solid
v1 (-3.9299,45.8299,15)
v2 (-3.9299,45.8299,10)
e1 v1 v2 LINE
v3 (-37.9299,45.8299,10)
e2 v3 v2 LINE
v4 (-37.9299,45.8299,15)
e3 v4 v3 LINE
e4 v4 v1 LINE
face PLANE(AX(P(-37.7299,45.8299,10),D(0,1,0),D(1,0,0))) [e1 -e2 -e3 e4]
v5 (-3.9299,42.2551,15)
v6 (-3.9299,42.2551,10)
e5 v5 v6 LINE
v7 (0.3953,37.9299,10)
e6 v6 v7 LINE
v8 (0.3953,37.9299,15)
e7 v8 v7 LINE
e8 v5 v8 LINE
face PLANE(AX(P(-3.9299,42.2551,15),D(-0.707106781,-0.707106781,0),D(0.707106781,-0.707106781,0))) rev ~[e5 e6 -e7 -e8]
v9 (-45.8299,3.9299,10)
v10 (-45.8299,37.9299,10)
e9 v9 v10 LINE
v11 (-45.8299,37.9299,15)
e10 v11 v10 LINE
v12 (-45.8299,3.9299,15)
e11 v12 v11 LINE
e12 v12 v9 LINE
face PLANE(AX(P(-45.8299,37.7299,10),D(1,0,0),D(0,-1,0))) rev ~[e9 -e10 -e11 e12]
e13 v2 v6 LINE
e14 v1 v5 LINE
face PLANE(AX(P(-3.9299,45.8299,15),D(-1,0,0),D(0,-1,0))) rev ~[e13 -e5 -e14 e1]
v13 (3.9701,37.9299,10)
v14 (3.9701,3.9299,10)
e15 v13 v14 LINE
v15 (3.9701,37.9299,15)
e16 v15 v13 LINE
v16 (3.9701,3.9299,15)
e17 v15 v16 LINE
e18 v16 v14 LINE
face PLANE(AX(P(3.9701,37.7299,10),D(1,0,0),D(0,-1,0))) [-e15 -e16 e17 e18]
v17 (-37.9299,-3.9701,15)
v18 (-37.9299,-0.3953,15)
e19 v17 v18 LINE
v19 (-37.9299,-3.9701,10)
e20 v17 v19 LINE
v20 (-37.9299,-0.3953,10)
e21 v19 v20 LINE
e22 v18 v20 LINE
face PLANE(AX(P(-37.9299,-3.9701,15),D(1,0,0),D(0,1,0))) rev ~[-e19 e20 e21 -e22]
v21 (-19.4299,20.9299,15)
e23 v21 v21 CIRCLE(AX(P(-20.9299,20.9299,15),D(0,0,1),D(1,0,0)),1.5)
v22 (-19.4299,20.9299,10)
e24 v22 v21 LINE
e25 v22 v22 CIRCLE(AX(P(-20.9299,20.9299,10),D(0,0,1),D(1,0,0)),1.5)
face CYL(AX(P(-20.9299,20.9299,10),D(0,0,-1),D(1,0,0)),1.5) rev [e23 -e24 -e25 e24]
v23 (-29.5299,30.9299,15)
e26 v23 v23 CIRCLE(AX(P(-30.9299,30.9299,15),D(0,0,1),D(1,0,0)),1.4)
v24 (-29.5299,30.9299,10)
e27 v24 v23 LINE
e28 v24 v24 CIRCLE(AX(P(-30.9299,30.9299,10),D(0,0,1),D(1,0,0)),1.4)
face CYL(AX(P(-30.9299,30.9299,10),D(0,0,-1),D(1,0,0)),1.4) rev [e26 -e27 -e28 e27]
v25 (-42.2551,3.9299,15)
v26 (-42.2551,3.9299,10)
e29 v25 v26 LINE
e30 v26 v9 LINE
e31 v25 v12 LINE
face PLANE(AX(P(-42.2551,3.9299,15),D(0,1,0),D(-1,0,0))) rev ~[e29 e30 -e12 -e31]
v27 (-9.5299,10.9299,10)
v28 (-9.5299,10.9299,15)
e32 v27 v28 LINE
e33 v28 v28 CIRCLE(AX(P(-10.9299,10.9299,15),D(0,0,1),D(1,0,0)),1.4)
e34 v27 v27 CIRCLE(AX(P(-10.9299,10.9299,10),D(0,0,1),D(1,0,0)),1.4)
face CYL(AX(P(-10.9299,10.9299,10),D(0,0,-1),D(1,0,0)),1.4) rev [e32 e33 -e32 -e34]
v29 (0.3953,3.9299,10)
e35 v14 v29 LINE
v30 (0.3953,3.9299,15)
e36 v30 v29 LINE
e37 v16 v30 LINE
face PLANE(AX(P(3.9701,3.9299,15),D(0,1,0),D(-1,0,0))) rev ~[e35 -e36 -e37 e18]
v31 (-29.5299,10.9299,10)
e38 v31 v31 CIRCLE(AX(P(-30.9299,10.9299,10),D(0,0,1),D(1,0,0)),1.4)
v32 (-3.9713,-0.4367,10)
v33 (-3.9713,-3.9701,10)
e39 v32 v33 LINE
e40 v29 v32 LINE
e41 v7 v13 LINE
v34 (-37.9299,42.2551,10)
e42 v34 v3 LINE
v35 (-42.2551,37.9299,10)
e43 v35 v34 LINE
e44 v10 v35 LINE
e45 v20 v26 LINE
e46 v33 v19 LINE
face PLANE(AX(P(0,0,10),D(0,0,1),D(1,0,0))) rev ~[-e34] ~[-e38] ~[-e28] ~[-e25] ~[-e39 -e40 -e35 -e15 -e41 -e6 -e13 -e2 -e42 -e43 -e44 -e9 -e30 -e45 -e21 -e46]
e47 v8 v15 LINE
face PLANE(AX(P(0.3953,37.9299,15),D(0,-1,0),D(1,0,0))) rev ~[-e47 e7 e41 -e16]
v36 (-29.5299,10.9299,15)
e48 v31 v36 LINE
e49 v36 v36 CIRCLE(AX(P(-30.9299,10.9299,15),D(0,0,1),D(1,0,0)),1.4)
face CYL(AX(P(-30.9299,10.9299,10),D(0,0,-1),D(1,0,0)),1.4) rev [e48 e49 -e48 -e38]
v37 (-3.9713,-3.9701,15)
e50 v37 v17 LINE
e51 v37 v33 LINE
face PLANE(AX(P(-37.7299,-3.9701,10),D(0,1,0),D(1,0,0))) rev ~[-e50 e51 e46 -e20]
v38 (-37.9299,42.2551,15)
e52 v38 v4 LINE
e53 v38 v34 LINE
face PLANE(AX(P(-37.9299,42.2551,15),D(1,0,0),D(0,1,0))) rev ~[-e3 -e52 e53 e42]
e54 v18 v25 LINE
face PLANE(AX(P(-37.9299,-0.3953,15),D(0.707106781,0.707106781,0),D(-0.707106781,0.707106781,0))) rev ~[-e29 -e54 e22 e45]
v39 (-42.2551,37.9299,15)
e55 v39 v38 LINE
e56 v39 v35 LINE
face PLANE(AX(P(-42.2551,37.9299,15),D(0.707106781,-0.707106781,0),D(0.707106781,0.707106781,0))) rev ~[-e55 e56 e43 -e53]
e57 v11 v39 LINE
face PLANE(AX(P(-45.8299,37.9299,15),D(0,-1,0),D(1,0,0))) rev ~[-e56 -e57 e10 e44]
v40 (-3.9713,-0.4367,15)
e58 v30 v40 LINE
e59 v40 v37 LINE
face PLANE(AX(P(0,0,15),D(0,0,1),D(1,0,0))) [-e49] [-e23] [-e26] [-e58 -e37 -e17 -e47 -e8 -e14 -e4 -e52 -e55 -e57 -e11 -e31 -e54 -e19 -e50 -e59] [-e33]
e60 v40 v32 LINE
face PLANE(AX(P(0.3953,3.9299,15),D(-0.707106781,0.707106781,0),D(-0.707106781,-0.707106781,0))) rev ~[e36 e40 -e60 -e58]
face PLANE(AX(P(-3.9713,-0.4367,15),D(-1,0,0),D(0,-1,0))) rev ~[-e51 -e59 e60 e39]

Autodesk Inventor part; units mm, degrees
ref_plane "YZ Plane" through (0, 0, 0) normal (1, 0, 0) x (0, 1, 0)
ref_plane "XZ Plane" through (0, 0, 0) normal (0, 1, 0) x (-1, 0, 0)
ref_plane "Work Plane1" through (0, 0, 10) normal (0, 0, 1) x (1, 0, 0)
sketch "Sketch1" plane through (0, 0, 10) normal (0, 0, 1) x (1, 0, 0)
  line L0 (-4.0299, -0.3538) -> (-2.2322, 1.4439) construction
  arc A0 (-1.4439, 2.2322) -> (-2.2322, 1.4439) centre (-0.9299, 0.9299) ccw construction
  line L1 (-1.4439, 2.2322) -> (0.3538, 4.0299) construction
  line L2 (-37.8299, 42.8299) -> (-37.8299, 37.8299) construction
  line L3 (-37.8299, 37.8299) -> (-42.9208, 37.8299) construction
  line L4 (-37.8299, 42.2137) -> (-37.8299, 45.8299) construction
  line L5 (-37.8299, 45.8299) -> (-4.0299, 45.8299) construction
  line L6 (-4.0299, 45.8299) -> (-4.0299, 42.2137) construction
  line L7 (-4.0299, 4.0299) -> (0.3538, 4.0299) projected
  circle A1 centre (-20.9299, 20.9299) radius 17.5 projected
  line L8 (-20.9299, 58.9723) -> (17.1124, 20.9299) construction
  line L9 (17.1124, 20.9299) -> (-20.9299, -17.1124) construction
  line L10 (-20.9299, -17.1124) -> (-58.9723, 20.9299) construction
  line L11 (-58.9723, 20.9299) -> (-20.9299, 58.9723) construction
  line L12 (-20.9299, 58.9723) -> (-20.9299, -17.1124) construction
  line L13 (17.1124, 20.9299) -> (-58.9723, 20.9299) construction
  line L14 (-20.9299, 58.9723) -> (32.8701, 58.9723) construction
  line L15 (-43.4299, 43.4299) -> (1.5701, 43.4299) construction
  line L16 (1.5701, 43.4299) -> (1.5701, -1.5701) construction
  line L17 (1.5701, -1.5701) -> (-43.4299, -1.5701) construction
  line L18 (-43.4299, -1.5701) -> (-43.4299, 43.4299) construction
  line L19 (-43.4299, 43.4299) -> (1.5701, -1.5701) construction
  line L20 (1.5701, 43.4299) -> (-43.4299, -1.5701) construction
  line L21 (-43.4299, 5.3876) -> (-43.4299, 36.4723)
  line L22 (-43.4299, 36.4723) -> (-36.4723, 43.4299)
  line L23 (-36.4723, 43.4299) -> (-5.3876, 43.4299)
  line L24 (-5.3876, 43.4299) -> (1.5701, 36.4723)
  line L25 (1.5701, 36.4723) -> (1.5701, 5.3876)
  line L26 (1.5701, 5.3876) -> (-5.3876, -1.5701)
  line L27 (-5.3876, -1.5701) -> (-36.4723, -1.5701)
  line L28 (-36.4723, -1.5701) -> (-43.4299, 5.3876)
  line L29 (-4.0299, 42.2137) -> (-37.8299, 42.2137) projected
  line L30 (-4.0299, -0.3538) -> (-4.0299, 4.0299) projected
  circle A2 centre (-20.9299, 20.9299) radius 1.5
  line L31 (-10.9299, 10.9299) -> (-30.9299, 10.9299) construction
  line L32 (-30.9299, 10.9299) -> (-30.9299, 30.9299) construction
  line L33 (-30.9299, 30.9299) -> (-10.9299, 30.9299) construction
  line L34 (-10.9299, 30.9299) -> (-10.9299, 10.9299) construction
  line L35 (-10.9299, 10.9299) -> (-30.9299, 30.9299) construction
  line L36 (-30.9299, 10.9299) -> (-10.9299, 30.9299) construction
  circle A3 centre (-30.9299, 30.9299) radius 1.4
  circle A4 centre (-30.9299, 10.9299) radius 1.4
  circle A5 centre (-10.9299, 10.9299) radius 1.4
  line L37 (-45.8299, 37.8299) -> (-42.0723, 37.8299) construction
  line L38 (-42.1723, 37.7299) -> (-45.8299, 37.7299)
  line L39 (-45.8299, 37.7299) -> (-45.8299, 4.1299)
  line L40 (-45.8299, 4.1299) -> (-42.1723, 4.1299)
  line L41 (-42.1723, 4.1299) -> (-42.1723, 37.7299)
  line L42 (-45.8299, 4.0299) -> (-42.0723, 4.0299) construction
  line L43 (-45.8299, 37.8299) -> (-42.0723, 37.8299) projected
  line L44 (-37.7299, 45.8299) -> (-4.1299, 45.8299)
  line L45 (-4.1299, 45.8299) -> (-4.1299, 42.1723)
  line L46 (-4.1299, 42.1723) -> (-37.7299, 42.1723)
  line L47 (-37.7299, 42.1723) -> (-37.7299, 45.8299)
  line L48 (0.4701, 37.8299) -> (0.4701, 4.0299) construction
  line L49 (0.4701, 4.0299) -> (3.9701, 4.0299) construction
  line L50 (3.9701, 37.8299) -> (3.9701, 4.0299) construction
  line L51 (0.4701, 37.8299) -> (3.9701, 37.8299) construction
  line L52 (-45.8299, -3.9701) -> (-4.0299, -3.9701) construction
  line L53 (0.3124, 37.7299) -> (3.9701, 37.7299)
  line L54 (3.9701, 37.7299) -> (3.9701, 4.1299)
  line L55 (3.9701, 4.1299) -> (0.3124, 4.1299)
  line L56 (0.3124, 4.1299) -> (0.3124, 37.7299)
  line L57 (-4.1713, -0.3538) -> (-37.7299, -0.3538)
  line L58 (-37.7299, -0.3538) -> (-37.7299, -3.9701)
  line L59 (-37.7299, -3.9701) -> (-4.1713, -3.9701)
  line L60 (-4.1713, -3.9701) -> (-4.1713, -0.3538)
  point P0 (-37.8299, 4.0299)
  dimension "d18" = 53.8
  dimension "d19" = 45
  dimension "d20" = 53.8
  dimension "d21" = 45
  dimension "d22" = 45
  dimension "d30" = 20
  dimension "d31" = 20
  dimension "d32" = 2.8
  dimension "d33" = 2.8
  dimension "d34" = 2.8
  dimension "d35" = 3
  dimension "d36" = 0.1
  dimension "d37" = 0.1
  dimension "d38" = 0.1
  dimension "d39" = 0.1
extrude "Extrusion1" add sketch "Sketch1" along normal blind 5 contours L30 L26 L57 L28 L41 L22 L46 L24 L56 L7 | L7 L26 L30 | L56 L24 L25 L26 | L26 L25 L24 L53 L54 L55 | L60 L59 L58 L57 L28 L27 L26 | L26 L27 L28 L57 | L46 L22 L29 L24 | L24 L29 L45 | L40 L39 L38 L22 L21 L28 | L28 L21 L22 L41 | L29 L22 L23 L24 | L24 L23 L22 L29 L47 L44 L45 | L47 L29 L22 | A1
sketch "Skizze4" plane through (0, 0, 15) normal (0, 0, 1) x (1, 0, 0)
  circle A0 centre (-10.9299, 10.9299) radius 1.4 construction
  circle A1 centre (-30.9299, 10.9299) radius 1.4 construction
  circle A2 centre (-30.9299, 30.9299) radius 1.4 construction
  circle A3 centre (-20.9299, 20.9299) radius 1.5 construction
  line L0 (-37.7299, 42.1723) -> (-42.1723, 37.7299) projected
  line L1 (-42.1723, 37.7299) -> (-45.8299, 37.7299) projected
  line L2 (-45.8299, 37.7299) -> (-45.8299, 4.1299) construction
  line L3 (-45.8299, 4.1299) -> (-42.1723, 4.1299) projected
  line L4 (-42.1723, 4.1299) -> (-37.6885, -0.3538) projected
  line L5 (-37.6885, -0.3538) -> (-37.7299, -0.3538) projected
  line L6 (-37.7299, -0.3538) -> (-37.7299, -3.9701) projected
  line L7 (-37.7299, -3.9701) -> (-4.1713, -3.9701) construction
  line L8 (-4.1713, -3.9701) -> (-4.1713, -0.3538) projected
  line L9 (-4.1713, -0.3538) -> (0.3124, 4.1299) projected
  line L10 (0.3124, 4.1299) -> (3.9701, 4.1299) projected
  line L11 (3.9701, 4.1299) -> (3.9701, 37.7299) construction
  line L12 (3.9701, 37.7299) -> (0.3124, 37.7299) projected
  line L13 (0.3124, 37.7299) -> (-4.1299, 42.1723) projected
  line L14 (-4.1299, 42.1723) -> (-4.1299, 45.8299) projected
  line L15 (-4.1299, 45.8299) -> (-37.7299, 45.8299) construction
  line L16 (-37.7299, 45.8299) -> (-37.7299, 42.1723) projected
  line L17 (-37.9299, 46.0299) -> (-3.9299, 46.0299) construction
  line L18 (-3.9299, 46.0299) -> (-3.9299, 42.2551)
  line L19 (-3.9299, 42.2551) -> (0.3953, 37.9299)
  line L20 (0.3953, 37.9299) -> (4.1701, 37.9299)
  line L21 (4.1701, 37.9299) -> (4.1701, 3.9299) construction
  line L22 (4.1701, 3.9299) -> (0.3953, 3.9299)
  line L23 (0.3953, 3.9299) -> (-3.9713, -0.4367)
  line L24 (-3.9713, -0.4367) -> (-3.9713, -4.1701)
  line L25 (-3.9713, -4.1701) -> (-37.9299, -4.1701) construction
  line L26 (-37.9299, -4.1701) -> (-37.9299, -0.3953)
  line L27 (-37.9299, -0.3953) -> (-42.2551, 3.9299)
  line L28 (-42.2551, 3.9299) -> (-46.0299, 3.9299)
  line L29 (-46.0299, 3.9299) -> (-46.0299, 37.9299) construction
  line L30 (-46.0299, 37.9299) -> (-42.2551, 37.9299)
  line L31 (-42.2551, 37.9299) -> (-37.9299, 42.2551)
  line L32 (-37.9299, 42.2551) -> (-37.9299, 46.0299)
  line L33 (-45.8299, 37.7299) -> (-45.8299, 37.9299)
  line L34 (-4.1299, 45.8299) -> (-37.7299, 45.8299) projected
  line L35 (-37.7299, 45.8299) -> (-37.9299, 45.8299)
  line L36 (-4.1299, 45.8299) -> (-3.9299, 45.8299)
  line L37 (3.9701, 37.7299) -> (3.9701, 37.9299)
  line L38 (3.9701, 4.1299) -> (3.9701, 37.7299) projected
  line L39 (3.9701, 4.1299) -> (3.9701, 3.9299)
  line L40 (-4.1713, -3.9701) -> (-3.9713, -3.9701)
  line L41 (-37.7299, -3.9701) -> (-37.9299, -3.9701)
  line L42 (-45.8299, 4.1299) -> (-45.8299, 3.9299)
  point P0 (0, 0)
  dimension "d40" = 0.2
extrude "IM_offset" add sketch "Skizze4" against normal up to surface (5 mm away)
properties part number "20_Cube_Insert_Kinematic_Mirrormount_base_v3"
